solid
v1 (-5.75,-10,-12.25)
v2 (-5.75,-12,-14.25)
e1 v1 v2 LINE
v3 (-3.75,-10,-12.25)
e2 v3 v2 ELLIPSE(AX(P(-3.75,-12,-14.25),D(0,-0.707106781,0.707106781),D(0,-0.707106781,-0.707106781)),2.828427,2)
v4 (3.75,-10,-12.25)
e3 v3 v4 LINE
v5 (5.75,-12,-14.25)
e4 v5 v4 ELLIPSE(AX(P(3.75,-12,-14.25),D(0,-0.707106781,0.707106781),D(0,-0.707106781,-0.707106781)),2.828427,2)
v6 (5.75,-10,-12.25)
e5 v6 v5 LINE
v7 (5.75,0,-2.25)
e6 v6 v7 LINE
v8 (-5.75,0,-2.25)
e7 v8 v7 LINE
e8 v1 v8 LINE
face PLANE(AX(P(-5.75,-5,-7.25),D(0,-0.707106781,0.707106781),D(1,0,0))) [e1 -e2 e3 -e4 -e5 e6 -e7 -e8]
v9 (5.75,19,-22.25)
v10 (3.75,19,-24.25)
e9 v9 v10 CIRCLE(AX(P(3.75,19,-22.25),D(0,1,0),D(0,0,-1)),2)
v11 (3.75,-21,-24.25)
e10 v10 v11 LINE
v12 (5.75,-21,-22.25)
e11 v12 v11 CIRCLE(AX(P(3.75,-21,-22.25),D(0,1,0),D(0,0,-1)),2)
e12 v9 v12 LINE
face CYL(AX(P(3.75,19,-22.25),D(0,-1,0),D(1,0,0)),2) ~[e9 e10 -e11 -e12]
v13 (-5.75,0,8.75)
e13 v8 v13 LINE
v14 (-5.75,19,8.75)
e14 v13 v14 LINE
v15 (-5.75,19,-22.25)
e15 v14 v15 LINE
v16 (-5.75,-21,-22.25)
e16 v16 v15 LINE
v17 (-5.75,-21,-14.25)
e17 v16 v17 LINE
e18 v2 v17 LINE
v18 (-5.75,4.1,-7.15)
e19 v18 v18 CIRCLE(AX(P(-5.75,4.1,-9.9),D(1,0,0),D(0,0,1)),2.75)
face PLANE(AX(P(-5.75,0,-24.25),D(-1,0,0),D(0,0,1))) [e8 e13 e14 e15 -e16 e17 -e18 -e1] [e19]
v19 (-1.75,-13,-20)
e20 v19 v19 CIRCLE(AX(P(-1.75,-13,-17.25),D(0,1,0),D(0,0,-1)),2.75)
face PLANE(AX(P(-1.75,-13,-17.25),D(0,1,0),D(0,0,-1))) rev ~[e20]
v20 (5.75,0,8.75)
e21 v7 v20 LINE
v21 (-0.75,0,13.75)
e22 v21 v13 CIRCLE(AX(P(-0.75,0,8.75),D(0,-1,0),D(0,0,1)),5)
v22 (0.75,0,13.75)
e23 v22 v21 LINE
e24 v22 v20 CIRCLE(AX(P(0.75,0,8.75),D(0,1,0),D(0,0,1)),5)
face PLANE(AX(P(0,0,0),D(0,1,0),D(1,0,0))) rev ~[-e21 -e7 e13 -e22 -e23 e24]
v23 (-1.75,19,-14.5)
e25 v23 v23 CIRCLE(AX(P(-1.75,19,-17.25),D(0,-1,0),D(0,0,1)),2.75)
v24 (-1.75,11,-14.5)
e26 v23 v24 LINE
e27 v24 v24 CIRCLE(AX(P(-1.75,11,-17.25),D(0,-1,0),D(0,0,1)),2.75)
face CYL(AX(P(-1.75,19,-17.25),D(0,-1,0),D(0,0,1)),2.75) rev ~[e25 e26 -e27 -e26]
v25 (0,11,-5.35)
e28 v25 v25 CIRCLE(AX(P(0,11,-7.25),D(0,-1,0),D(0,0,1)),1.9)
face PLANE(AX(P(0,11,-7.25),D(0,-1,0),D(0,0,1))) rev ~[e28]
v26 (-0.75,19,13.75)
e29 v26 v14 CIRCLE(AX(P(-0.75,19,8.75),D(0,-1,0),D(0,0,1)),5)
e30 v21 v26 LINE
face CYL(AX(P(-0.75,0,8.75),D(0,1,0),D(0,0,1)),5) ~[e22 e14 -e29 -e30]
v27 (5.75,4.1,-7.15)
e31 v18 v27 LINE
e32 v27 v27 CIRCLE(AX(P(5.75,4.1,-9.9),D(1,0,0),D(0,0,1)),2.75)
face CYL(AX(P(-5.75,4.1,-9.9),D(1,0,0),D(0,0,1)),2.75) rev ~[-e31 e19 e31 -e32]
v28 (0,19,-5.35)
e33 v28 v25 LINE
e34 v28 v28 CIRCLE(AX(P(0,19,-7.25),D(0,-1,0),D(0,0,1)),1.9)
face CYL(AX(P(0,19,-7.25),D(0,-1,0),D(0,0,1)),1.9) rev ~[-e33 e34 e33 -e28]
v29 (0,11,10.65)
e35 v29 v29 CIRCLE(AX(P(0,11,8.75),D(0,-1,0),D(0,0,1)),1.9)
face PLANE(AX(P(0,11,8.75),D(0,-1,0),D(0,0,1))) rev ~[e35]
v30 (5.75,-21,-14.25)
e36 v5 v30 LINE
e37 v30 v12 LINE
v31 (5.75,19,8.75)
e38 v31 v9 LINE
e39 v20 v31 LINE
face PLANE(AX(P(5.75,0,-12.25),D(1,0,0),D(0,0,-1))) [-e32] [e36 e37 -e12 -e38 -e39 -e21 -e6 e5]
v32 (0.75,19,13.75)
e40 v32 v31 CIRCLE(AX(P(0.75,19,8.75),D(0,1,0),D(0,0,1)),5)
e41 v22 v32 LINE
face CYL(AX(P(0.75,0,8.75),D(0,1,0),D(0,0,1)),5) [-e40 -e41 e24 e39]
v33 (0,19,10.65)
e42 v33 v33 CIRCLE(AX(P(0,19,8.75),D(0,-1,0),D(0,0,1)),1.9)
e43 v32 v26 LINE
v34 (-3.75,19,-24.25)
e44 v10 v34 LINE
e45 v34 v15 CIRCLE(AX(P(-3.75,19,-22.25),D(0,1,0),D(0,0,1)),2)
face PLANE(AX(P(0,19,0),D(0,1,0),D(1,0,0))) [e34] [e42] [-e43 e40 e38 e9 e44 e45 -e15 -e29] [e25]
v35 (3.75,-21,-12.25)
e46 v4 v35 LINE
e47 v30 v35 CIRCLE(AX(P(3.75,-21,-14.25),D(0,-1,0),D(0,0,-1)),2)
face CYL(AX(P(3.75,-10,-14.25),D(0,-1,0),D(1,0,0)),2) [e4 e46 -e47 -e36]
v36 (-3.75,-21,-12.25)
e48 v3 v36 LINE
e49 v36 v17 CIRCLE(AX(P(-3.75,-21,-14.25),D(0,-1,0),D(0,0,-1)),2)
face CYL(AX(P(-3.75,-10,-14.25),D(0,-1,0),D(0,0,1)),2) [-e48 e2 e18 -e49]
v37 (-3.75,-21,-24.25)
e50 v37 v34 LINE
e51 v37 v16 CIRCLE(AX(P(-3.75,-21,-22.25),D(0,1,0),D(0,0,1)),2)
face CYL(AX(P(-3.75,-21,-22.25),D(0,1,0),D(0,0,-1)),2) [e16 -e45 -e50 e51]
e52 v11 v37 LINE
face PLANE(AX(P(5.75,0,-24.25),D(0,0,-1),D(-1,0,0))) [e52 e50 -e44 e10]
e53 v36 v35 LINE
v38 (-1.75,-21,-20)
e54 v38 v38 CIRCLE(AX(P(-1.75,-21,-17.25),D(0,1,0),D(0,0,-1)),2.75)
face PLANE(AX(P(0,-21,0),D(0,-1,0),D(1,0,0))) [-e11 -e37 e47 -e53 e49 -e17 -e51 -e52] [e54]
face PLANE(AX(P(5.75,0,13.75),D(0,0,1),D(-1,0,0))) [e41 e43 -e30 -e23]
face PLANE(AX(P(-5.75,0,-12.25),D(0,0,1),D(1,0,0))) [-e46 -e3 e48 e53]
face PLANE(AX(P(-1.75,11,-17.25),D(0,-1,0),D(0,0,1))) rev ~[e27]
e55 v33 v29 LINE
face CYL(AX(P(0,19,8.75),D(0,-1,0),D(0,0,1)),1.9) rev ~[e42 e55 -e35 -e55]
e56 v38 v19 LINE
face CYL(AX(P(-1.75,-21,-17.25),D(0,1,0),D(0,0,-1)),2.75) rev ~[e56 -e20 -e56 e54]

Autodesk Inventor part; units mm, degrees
ref_plane "YZ Plane" through (0, 0, 0) normal (1, 0, 0) x (0, 1, 0)
ref_plane "XZ Plane" through (0, 0, 0) normal (0, 1, 0) x (-1, 0, 0)
ref_plane "XY Plane" through (0, 0, 0) normal (0, 0, 1) x (1, 0, 0)
sketch "Sketch1" plane through (0, 0, 0) normal (0, 1, 0) x (-1, 0, 0)
  line L0 (-5.75, 13.75) -> (5.75, 13.75)
  line L1 (5.75, 13.75) -> (5.75, -13.75)
  line L2 (5.75, -13.75) -> (-5.75, -13.75)
  line L3 (-5.75, -13.75) -> (-5.75, 13.75)
  line L4 (-5.75, 13.75) -> (5.75, -13.75) construction
  line L5 (5.75, 13.75) -> (-5.75, -13.75) construction
  line L6 (0, 8) -> (0, -8) construction
  point P0 (0, 0)
  point P1 (0, 0)
  dimension "d0" = 16
  dimension "d18" = 27.5
  dimension "d19" = 11.5
extrude "Extrusion1" add sketch "Sketch1" along normal blind 19
fillet "Fillet1" radius 5 2 edges at (5.75, 9.5, 13.75) (-5.75, 9.5, 13.75)
sketch "Sketch3" plane through (0, 19, 0) normal (0, 1, 0) x (1, 0, 0)
  line L0 (0, 7.25) -> (0, -8.75) construction
  line L1 (-5.75, 13.75) -> (-5.75, -8.75) construction
  line L2 (-0.75, -13.75) -> (0.75, -13.75) projected
  point P0 (0, 0)
  dimension "d7" = 16
  dimension "d8" = 5.75
  dimension "d9" = 5
hole "Hole1" at (0, 19, -7.25) at (0, 19, 8.75) direction (0, -1, 0) diameter 3.8 depth 8
sketch "Sketch4" plane through (-5.75, 0, -13.75) normal (-1, 0, 0) x (0, 0, 1)
  line L0 (27.5, 0) -> (27.5, 19) projected
  point P0 (13.75, 0)
  point P1 (3.85, 4.1)
  dimension "d17" = 23.65
  dimension "d20" = 4.1
hole "Hole2" at (-5.75, 4.1, -9.9) direction (1, 0, 0) diameter 5.5 end through all
sketch "Sketch5" plane through (0, 19, 0) normal (0, 1, 0) x (1, 0, 0)
  line L0 (5.75, 13.75) -> (-5.75, 13.75) construction
  line L1 (-5.75, 13.75) -> (5.75, 13.75)
  line L2 (5.75, 13.75) -> (5.75, 24.25)
  line L3 (5.75, 24.25) -> (-5.75, 24.25)
  line L4 (-5.75, 24.25) -> (-5.75, 13.75)
  line L5 (-0.75, -13.75) -> (0.75, -13.75) projected
  point P0 (0, 0)
  point P1 (0, -13.75)
  dimension "d28" = 38
extrude "Extrusion2" add sketch "Sketch5" against normal up to surface (19 mm away)
sketch "Sketch7" plane through (0, 19, 0) normal (0, 1, 0) x (1, 0, 0)
  circle A0 centre (0, 7.25) radius 1.9 construction
  circle A1 centre (0, -8.75) radius 1.9 construction
  point P0 (0, 0)
  point P1 (-1.75, 17.25)
  dimension "d31" = 1.75
  dimension "d32" = 10
hole "Hole3" at (-1.75, 19, -17.25) direction (0, -1, 0) diameter 5.5 depth 8
sketch "Sketch9" plane through (0, 0, 0) normal (0, -1, 0) x (1, 0, 0)
  line L0 (5.75, 8.75) -> (5.75, -24.25) construction
  line L1 (-5.75, -24.25) -> (-5.75, 8.75) construction
  line L2 (5.75, -24.25) -> (-5.75, -24.25)
  line L3 (-5.75, -24.25) -> (-5.75, -12.25)
  line L4 (-5.75, -12.25) -> (5.75, -12.25)
  line L5 (5.75, -12.25) -> (5.75, -24.25)
  point P0 (0, 0)
  dimension "d47" = 12
extrude "Extrusion3" add sketch "Sketch9" along normal blind 21
chamfer "Chamfer1" distance 10 angle 45 1 edges at (0, 0, -12.25)
sketch "Sketch10" plane through (0, -21, 0) normal (0, -1, 0) x (1, 0, 0)
  circle A0 centre (-1.75, -17.25) radius 2.75 construction
  point P0 (0, 0)
hole "Hole5" at (-1.75, -21, -17.25) direction (0, 1, 0) diameter 5.5 depth 8
fillet "Fillet2" radius 2 4 edges at (-5.75, -1, -24.25) (5.75, -1, -24.25) (-5.75, -15.5, -12.25) (5.75, -15.5, -12.25)
properties part number "CH_01_0040_kradex_mount_2"
